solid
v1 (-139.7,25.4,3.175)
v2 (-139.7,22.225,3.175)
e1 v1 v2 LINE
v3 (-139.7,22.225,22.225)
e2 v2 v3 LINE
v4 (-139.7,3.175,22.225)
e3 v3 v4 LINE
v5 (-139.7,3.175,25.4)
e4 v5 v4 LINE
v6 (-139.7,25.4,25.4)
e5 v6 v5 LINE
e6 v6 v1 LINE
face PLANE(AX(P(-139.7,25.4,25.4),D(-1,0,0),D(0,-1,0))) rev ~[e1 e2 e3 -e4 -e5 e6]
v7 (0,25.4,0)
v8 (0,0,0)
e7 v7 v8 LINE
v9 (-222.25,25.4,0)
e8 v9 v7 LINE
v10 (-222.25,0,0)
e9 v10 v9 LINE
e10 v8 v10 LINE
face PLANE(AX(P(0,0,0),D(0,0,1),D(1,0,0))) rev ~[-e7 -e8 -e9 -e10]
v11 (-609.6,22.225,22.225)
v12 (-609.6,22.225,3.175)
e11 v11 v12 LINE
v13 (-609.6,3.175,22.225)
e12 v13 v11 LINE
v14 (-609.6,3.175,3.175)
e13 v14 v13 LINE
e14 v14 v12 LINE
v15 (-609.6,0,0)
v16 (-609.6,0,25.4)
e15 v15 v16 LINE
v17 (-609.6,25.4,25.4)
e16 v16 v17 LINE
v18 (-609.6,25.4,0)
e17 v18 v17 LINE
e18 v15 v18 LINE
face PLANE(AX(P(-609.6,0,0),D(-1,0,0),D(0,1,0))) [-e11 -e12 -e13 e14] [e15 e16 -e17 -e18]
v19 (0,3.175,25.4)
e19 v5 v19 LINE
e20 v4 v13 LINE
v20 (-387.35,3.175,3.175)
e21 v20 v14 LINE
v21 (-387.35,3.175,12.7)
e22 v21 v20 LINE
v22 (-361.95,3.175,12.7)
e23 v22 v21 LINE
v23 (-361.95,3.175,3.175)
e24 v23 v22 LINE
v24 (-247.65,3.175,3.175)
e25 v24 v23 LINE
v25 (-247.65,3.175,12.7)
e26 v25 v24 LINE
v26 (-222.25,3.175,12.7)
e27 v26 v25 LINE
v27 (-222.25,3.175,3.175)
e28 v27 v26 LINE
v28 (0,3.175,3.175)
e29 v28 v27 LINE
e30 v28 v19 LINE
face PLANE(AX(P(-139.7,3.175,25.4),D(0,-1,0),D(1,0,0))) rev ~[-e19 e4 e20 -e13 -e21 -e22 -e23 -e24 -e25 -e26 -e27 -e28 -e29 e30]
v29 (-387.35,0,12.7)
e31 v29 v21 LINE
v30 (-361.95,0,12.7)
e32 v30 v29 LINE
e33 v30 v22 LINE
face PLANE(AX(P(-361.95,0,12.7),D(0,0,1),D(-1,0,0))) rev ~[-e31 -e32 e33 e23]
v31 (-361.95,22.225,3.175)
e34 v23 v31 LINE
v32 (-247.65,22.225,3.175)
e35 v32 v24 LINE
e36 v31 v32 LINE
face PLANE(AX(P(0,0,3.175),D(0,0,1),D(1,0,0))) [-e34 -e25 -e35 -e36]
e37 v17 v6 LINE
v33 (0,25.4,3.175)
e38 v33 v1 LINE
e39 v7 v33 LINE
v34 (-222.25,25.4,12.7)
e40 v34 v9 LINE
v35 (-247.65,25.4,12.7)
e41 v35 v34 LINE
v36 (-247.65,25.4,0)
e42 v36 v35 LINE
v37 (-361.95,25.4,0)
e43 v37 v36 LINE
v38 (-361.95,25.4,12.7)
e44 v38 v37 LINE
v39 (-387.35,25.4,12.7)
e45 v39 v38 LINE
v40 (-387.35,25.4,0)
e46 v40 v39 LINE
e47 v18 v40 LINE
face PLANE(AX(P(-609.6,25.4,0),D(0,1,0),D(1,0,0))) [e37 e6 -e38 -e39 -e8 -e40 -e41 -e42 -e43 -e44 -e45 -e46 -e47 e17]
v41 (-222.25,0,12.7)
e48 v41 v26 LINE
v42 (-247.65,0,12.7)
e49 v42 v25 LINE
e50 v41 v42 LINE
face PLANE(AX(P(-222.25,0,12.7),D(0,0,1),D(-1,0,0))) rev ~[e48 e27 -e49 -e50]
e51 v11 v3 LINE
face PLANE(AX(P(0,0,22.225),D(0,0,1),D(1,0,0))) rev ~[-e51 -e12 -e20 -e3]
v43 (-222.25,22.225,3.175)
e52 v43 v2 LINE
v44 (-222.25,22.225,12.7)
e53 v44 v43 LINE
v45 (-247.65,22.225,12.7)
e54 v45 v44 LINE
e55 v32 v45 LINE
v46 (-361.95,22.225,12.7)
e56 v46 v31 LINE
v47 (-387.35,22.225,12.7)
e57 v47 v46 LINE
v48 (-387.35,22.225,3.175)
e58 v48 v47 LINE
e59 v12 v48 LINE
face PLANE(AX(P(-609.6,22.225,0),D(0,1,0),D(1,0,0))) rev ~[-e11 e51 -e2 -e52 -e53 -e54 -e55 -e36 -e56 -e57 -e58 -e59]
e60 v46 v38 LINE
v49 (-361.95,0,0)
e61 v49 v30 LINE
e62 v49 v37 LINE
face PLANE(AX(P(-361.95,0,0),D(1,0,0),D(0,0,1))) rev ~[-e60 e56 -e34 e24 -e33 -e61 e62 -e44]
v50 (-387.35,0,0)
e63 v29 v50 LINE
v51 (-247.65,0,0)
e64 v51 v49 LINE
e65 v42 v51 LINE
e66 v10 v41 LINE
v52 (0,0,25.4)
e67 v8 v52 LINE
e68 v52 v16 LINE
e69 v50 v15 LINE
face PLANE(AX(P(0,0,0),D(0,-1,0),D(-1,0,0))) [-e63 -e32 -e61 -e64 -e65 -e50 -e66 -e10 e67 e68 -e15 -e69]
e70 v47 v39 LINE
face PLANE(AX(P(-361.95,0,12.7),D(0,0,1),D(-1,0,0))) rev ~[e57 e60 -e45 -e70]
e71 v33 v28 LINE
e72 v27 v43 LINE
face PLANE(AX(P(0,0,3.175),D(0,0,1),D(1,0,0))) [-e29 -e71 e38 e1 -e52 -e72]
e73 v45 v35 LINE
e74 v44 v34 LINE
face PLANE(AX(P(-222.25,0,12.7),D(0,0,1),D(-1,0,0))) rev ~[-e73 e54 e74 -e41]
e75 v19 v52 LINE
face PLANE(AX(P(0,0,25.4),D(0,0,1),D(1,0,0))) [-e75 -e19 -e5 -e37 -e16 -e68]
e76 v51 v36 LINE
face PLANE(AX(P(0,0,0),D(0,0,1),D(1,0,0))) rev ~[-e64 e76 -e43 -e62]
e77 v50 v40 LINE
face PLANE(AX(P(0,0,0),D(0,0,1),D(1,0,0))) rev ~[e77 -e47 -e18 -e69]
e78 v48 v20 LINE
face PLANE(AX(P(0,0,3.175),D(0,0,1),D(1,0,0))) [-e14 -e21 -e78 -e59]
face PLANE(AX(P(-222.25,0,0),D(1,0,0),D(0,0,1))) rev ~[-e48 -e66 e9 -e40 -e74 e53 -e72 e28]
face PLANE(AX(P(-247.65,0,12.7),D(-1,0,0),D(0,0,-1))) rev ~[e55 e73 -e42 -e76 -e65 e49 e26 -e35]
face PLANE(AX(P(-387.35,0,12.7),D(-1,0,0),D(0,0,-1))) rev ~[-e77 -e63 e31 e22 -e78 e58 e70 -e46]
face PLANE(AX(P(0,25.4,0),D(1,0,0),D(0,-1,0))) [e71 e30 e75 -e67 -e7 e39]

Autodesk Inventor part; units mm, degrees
ref_plane "YZ Plane" through (0, 0, 0) normal (1, 0, 0) x (0, 1, 0)
ref_plane "XZ Plane" through (0, 0, 0) normal (0, 1, 0) x (-1, 0, 0)
ref_plane "XY Plane" through (0, 0, 0) normal (0, 0, 1) x (1, 0, 0)
sketch "Sketch1" plane through (0, 0, 0) normal (0, 0, 1) x (1, 0, 0)
  line L0 (0, 0) -> (-609.6, 0)
  line L1 (-609.6, 0) -> (-609.6, 25.4)
  line L2 (-609.6, 25.4) -> (0, 25.4)
  line L3 (0, 25.4) -> (0, 0)
  dimension "d0" = 25.4
  dimension "d1" = 609.6
extrude "Extrusion1" add sketch "Sketch1" along normal blind 25.4
shell "Shell2" thickness 3.175 removed faces 2 at (-609.6, 8.4667, 16.9333) at (0, 16.9333, 8.4667)
sketch "Sketch3" plane through (0, 0, 25.4) normal (0, 0, 1) x (1, 0, 0)
  line L0 (0, 25.4) -> (-139.7, 25.4)
  line L1 (-139.7, 25.4) -> (-139.7, 3.175)
  line L2 (-139.7, 3.175) -> (0, 3.175)
  line L3 (0, 3.175) -> (0, 25.4)
  dimension "d9" = 22.225
  dimension "d10" = 139.7
extrude "Extrusion3" cut sketch "Sketch3" against normal blind 22.225
sketch "Sketch4" plane through (-609.6, 0, 0) normal (0, -1, 0) x (1, 0, 0)
  line L0 (361.95, 0) -> (387.35, 0)
  line L1 (387.35, 0) -> (387.35, 12.7)
  line L2 (387.35, 12.7) -> (361.95, 12.7)
  line L3 (361.95, 12.7) -> (361.95, 0)
  line L4 (222.25, 0) -> (247.65, 0)
  line L5 (247.65, 0) -> (247.65, 12.7)
  line L6 (247.65, 12.7) -> (222.25, 12.7)
  line L7 (222.25, 12.7) -> (222.25, 0)
  line L8 (222.25, 0) -> (0, 0) construction
  line L9 (387.35, 0) -> (609.6, 0) construction
  dimension "d13" = 12.7
  dimension "d14" = 25.4
  dimension "d18" = 114.3
extrude "Extrusion4" cut sketch "Sketch4" against normal through all
properties part number "Shovel_CrossFrame" material "Aluminum-6061"
